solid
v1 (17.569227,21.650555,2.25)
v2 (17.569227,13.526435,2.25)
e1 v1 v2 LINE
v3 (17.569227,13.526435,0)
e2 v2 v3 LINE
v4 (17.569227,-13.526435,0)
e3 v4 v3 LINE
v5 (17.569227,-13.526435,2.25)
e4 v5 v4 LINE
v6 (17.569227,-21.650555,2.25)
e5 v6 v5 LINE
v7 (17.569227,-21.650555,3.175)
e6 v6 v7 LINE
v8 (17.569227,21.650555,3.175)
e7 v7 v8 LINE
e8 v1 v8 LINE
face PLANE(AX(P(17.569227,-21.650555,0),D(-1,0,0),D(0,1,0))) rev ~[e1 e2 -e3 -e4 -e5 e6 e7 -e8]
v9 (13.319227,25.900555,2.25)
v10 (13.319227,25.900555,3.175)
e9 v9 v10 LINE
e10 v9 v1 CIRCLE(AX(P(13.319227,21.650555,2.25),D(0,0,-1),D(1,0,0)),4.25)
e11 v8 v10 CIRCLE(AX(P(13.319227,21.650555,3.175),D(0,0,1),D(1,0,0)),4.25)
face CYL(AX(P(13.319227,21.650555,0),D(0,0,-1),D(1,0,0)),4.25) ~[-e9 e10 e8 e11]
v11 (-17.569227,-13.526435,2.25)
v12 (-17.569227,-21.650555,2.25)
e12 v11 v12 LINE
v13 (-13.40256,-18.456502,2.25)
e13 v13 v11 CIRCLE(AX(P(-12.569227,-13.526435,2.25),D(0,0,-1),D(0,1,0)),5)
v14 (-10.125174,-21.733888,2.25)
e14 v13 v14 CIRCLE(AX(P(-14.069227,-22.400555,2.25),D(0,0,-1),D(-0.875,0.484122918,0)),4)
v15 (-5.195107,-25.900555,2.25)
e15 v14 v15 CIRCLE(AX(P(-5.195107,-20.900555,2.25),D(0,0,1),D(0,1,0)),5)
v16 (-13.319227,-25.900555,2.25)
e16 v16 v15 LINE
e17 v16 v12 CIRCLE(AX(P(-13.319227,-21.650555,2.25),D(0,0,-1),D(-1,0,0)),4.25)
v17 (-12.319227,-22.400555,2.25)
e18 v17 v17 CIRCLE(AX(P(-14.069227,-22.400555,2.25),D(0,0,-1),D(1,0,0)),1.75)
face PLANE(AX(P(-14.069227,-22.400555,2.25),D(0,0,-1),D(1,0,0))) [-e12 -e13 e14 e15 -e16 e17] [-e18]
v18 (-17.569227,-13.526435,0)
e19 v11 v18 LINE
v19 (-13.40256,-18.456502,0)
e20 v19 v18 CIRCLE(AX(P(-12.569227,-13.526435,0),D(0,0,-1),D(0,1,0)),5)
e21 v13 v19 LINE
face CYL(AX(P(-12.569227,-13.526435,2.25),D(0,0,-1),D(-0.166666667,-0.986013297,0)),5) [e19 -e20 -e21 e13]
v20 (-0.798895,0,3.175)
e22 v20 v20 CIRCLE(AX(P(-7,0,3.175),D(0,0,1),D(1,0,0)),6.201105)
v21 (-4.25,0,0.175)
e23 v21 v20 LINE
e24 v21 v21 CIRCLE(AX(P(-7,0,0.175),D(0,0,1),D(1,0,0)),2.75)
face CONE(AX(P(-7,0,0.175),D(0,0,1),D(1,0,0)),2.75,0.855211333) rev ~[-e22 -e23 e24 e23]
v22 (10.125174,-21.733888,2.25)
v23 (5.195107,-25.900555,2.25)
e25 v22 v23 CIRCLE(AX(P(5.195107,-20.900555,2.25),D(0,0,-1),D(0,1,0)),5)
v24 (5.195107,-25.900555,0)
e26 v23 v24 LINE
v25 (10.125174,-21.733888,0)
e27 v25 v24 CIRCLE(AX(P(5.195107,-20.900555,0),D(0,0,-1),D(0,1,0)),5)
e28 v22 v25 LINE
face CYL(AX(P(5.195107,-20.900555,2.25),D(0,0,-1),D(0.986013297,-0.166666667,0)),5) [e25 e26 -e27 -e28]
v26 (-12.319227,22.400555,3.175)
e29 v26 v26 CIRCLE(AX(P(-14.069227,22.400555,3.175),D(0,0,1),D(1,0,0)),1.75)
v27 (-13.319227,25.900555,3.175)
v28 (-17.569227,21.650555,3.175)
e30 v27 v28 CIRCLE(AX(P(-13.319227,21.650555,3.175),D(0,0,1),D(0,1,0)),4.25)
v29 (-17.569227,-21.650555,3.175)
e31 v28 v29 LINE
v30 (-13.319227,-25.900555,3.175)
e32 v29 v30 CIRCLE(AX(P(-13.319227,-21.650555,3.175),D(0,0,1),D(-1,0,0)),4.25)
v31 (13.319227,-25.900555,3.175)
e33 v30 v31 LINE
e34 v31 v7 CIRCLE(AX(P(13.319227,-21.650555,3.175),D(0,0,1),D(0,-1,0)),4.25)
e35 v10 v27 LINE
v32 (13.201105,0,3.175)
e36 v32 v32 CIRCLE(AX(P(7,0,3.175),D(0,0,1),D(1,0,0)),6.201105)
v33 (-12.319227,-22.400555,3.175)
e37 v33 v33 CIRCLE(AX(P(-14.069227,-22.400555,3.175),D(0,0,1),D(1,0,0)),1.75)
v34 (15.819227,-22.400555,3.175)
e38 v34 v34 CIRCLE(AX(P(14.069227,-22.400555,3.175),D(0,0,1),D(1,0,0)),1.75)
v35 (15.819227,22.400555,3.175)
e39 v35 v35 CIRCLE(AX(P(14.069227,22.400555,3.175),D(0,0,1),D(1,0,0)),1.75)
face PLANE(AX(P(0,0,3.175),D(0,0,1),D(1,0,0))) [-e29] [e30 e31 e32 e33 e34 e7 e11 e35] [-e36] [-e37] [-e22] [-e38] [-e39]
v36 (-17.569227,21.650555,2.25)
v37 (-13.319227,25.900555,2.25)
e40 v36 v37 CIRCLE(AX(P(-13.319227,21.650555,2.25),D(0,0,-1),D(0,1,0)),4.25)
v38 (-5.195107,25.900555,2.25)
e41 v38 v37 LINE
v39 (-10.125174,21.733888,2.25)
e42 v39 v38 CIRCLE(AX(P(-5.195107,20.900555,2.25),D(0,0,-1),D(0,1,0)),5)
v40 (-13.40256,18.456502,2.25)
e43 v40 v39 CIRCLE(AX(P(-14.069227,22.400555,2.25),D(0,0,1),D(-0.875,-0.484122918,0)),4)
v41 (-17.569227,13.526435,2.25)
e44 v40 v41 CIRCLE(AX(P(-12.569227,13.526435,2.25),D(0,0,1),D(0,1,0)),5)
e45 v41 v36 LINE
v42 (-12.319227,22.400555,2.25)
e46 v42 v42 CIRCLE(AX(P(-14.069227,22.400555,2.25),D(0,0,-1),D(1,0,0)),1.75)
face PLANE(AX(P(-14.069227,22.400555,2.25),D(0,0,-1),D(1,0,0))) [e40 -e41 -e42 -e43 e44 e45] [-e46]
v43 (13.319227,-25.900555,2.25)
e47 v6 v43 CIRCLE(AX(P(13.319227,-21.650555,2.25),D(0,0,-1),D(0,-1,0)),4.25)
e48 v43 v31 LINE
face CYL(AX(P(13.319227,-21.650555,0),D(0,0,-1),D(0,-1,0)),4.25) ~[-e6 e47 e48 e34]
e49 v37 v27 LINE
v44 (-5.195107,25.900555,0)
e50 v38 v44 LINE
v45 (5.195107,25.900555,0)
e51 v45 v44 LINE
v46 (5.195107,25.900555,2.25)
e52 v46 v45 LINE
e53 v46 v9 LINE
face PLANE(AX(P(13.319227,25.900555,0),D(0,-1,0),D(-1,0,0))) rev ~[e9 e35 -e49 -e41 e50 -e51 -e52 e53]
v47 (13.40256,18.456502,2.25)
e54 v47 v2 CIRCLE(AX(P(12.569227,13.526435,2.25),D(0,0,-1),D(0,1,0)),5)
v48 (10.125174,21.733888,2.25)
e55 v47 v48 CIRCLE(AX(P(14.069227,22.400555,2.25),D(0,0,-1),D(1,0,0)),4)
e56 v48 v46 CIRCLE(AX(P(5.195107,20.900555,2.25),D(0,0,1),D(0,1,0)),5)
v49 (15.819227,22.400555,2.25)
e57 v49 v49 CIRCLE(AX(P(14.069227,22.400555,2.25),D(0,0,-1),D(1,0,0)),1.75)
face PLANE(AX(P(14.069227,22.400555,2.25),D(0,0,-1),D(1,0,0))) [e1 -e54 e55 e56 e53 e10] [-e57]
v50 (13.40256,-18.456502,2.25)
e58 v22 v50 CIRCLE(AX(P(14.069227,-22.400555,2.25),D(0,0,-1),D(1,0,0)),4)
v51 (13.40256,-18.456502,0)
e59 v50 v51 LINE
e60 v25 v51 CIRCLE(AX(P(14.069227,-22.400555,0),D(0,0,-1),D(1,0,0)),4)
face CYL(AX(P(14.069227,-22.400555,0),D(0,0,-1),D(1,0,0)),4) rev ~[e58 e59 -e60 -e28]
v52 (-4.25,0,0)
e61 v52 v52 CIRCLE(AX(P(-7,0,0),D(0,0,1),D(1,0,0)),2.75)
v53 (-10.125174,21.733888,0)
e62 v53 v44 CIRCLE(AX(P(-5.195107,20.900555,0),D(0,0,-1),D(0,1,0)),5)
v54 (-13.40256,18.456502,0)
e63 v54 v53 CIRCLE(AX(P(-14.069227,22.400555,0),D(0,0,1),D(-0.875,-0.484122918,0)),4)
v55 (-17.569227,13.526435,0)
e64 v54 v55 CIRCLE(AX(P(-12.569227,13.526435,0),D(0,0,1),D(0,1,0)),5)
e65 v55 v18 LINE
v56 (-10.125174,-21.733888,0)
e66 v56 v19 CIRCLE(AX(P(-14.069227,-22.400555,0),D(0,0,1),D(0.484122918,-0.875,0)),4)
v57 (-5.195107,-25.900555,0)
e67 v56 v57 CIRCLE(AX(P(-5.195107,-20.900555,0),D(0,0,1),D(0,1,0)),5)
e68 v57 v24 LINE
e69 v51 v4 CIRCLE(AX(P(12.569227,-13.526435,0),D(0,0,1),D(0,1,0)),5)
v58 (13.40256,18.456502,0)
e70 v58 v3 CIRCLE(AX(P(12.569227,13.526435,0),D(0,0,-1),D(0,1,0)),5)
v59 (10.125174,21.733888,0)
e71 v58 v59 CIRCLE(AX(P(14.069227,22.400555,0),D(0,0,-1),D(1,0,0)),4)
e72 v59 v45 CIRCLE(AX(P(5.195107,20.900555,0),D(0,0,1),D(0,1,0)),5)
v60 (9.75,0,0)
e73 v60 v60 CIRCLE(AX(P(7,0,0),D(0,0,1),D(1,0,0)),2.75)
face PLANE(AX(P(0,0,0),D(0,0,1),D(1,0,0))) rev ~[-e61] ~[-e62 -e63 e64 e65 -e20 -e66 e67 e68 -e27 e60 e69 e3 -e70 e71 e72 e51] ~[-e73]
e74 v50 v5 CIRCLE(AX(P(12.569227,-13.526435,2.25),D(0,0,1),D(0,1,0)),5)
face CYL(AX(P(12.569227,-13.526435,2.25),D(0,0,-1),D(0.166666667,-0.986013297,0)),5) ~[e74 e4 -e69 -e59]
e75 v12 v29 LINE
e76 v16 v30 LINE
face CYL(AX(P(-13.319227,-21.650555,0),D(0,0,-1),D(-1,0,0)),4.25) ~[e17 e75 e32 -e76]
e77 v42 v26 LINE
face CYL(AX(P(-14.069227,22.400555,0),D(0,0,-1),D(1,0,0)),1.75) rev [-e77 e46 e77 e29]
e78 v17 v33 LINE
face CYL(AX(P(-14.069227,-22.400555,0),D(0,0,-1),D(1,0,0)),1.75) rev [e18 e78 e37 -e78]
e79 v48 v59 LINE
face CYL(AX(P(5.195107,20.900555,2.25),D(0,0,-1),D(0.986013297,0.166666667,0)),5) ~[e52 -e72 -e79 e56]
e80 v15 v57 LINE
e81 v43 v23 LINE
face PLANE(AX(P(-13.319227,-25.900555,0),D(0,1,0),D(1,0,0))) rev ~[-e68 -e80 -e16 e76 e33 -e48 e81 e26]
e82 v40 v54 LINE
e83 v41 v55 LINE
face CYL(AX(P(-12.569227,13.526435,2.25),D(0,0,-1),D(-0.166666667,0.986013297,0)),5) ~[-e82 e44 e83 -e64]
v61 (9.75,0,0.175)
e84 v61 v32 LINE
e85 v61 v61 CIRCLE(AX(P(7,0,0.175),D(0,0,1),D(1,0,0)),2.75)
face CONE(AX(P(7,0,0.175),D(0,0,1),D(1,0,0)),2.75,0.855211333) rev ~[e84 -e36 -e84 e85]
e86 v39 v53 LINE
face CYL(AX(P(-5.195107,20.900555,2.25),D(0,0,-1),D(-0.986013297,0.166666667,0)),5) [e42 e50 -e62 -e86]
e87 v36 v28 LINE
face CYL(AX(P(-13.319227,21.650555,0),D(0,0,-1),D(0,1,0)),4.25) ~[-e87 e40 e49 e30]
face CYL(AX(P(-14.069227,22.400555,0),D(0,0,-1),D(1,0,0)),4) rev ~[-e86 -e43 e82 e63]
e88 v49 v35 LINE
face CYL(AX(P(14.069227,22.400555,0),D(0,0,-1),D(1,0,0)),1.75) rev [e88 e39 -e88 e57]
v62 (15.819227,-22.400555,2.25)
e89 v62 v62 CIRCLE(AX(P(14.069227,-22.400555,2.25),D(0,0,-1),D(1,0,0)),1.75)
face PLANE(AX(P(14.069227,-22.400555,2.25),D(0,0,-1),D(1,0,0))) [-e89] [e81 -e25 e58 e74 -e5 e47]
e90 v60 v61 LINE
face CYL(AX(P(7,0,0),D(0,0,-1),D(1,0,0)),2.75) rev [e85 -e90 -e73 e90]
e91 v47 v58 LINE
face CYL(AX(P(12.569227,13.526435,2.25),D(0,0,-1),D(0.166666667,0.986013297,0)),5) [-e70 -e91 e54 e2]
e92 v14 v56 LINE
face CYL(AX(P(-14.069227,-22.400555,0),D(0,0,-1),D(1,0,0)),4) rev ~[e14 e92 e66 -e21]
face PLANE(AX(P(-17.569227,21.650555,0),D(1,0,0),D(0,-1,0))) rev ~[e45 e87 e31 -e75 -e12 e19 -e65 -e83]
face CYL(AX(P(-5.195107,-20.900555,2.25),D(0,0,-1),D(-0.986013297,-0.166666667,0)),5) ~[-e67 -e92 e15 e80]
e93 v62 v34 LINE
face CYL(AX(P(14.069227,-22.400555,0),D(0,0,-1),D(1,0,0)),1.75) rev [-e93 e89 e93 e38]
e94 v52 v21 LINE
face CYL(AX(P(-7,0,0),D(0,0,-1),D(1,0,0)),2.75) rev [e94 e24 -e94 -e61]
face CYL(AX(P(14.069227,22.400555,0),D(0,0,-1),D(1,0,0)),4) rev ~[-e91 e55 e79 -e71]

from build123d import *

# Parameters (mm, degrees)
F0_R       = 1.75
F0_R_2     = 2.75
F1_DEPTH   = 3.175
F2_SIZE2   = 3.4511052217
F2_SIZE    = 3
F2_2_SIZE2 = 3.4511052217
F2_2_SIZE  = 3
F3_R       = 4
F4_DEPTH   = 2.25
F5_R       = 5


with BuildPart() as f1:
    # F0 (on Top) → F1 (new body)
    with BuildSketch(Plane.XY):
        with BuildLine():
            ThreePointArc((17.569226806, 21.6505549061), (16.324430626, 24.6557587262), (13.319226806, 25.9005549061))
            Line((13.319226806, 25.9005549061), (-13.319226806, 25.9005549061))
            ThreePointArc((-13.319226806, 25.9005549061), (-16.324430626, 24.6557587262), (-17.569226806, 21.6505549061))
            Line((-17.569226806, 21.6505549061), (-17.569226806, -21.6505549061))
            ThreePointArc((-17.569226806, -21.6505549061), (-16.324430626, -24.6557587262), (-13.319226806, -25.9005549061))
            Line((-13.319226806, -25.9005549061), (13.319226806, -25.9005549061))
            ThreePointArc((13.319226806, -25.9005549061), (16.324430626, -24.6557587262), (17.569226806, -21.6505549061))
            Line((17.569226806, -21.6505549061), (17.569226806, 21.6505549061))
        make_face()
        with Locations((-14.069226806, -22.4005549061)):
            Circle(F0_R, mode=Mode.SUBTRACT)
        with Locations((14.069226806, -22.4005549061)):
            Circle(F0_R, mode=Mode.SUBTRACT)
        with Locations((-7, 0)):
            Circle(F0_R_2, mode=Mode.SUBTRACT)
        with Locations((-14.069226806, 22.4005549061)):
            Circle(F0_R, mode=Mode.SUBTRACT)
        with Locations((7, 0)):
            Circle(F0_R_2, mode=Mode.SUBTRACT)
        with Locations((14.069226806, 22.4005549061)):
            Circle(F0_R, mode=Mode.SUBTRACT)
    extrude(amount=F1_DEPTH)

    # F2
    f2_edges = [f1.edges().sort_by_distance(p)[0] for p in [
        (-9.75, 0, 3.175),
    ]]
    f2_side = f1.faces().sort_by_distance((-9.75, 0, 1.5875))[0]
    chamfer(f2_edges, length=F2_SIZE, length2=F2_SIZE2, reference=f2_side)

    # F2#2
    f2_2_edges = [f1.edges().sort_by_distance(p)[0] for p in [
        (4.25, 0, 3.175),
    ]]
    f2_2_side = f1.faces().sort_by_distance((4.25, 0, 1.5875))[0]
    chamfer(f2_2_edges, length=F2_2_SIZE, length2=F2_2_SIZE2, reference=f2_2_side)

    # F3 (on face) → F4 (cut)
    with BuildSketch(Plane(origin=(0, 0, 0), x_dir=(1, 0, 0), z_dir=(0, 0, -1))):
        with Locations((-14.069226806, 22.4005549061)):
            Circle(F3_R)
        with Locations((14.069226806, 22.4005549061)):
            Circle(F3_R)
        with Locations((-14.069226806, -22.4005549061)):
            Circle(F3_R)
        with Locations((14.069226806, -22.4005549061)):
            Circle(F3_R)
    extrude(amount=-F4_DEPTH, mode=Mode.SUBTRACT)

    # F5
    f5_edges = [f1.edges().sort_by_distance(p)[0] for p in [
        (-12.132735, -25.900555, 1.125),
        (-17.569227, -20.464063, 1.125),
        (12.132735, -25.900555, 1.125),
        (17.569227, -20.464063, 1.125),
        (-17.569227, 20.464063, 1.125),
        (-12.132735, 25.900555, 1.125),
        (12.132735, 25.900555, 1.125),
        (17.569227, 20.464063, 1.125),
    ]]
    fillet(f5_edges, radius=F5_R)


solid = f1.part
